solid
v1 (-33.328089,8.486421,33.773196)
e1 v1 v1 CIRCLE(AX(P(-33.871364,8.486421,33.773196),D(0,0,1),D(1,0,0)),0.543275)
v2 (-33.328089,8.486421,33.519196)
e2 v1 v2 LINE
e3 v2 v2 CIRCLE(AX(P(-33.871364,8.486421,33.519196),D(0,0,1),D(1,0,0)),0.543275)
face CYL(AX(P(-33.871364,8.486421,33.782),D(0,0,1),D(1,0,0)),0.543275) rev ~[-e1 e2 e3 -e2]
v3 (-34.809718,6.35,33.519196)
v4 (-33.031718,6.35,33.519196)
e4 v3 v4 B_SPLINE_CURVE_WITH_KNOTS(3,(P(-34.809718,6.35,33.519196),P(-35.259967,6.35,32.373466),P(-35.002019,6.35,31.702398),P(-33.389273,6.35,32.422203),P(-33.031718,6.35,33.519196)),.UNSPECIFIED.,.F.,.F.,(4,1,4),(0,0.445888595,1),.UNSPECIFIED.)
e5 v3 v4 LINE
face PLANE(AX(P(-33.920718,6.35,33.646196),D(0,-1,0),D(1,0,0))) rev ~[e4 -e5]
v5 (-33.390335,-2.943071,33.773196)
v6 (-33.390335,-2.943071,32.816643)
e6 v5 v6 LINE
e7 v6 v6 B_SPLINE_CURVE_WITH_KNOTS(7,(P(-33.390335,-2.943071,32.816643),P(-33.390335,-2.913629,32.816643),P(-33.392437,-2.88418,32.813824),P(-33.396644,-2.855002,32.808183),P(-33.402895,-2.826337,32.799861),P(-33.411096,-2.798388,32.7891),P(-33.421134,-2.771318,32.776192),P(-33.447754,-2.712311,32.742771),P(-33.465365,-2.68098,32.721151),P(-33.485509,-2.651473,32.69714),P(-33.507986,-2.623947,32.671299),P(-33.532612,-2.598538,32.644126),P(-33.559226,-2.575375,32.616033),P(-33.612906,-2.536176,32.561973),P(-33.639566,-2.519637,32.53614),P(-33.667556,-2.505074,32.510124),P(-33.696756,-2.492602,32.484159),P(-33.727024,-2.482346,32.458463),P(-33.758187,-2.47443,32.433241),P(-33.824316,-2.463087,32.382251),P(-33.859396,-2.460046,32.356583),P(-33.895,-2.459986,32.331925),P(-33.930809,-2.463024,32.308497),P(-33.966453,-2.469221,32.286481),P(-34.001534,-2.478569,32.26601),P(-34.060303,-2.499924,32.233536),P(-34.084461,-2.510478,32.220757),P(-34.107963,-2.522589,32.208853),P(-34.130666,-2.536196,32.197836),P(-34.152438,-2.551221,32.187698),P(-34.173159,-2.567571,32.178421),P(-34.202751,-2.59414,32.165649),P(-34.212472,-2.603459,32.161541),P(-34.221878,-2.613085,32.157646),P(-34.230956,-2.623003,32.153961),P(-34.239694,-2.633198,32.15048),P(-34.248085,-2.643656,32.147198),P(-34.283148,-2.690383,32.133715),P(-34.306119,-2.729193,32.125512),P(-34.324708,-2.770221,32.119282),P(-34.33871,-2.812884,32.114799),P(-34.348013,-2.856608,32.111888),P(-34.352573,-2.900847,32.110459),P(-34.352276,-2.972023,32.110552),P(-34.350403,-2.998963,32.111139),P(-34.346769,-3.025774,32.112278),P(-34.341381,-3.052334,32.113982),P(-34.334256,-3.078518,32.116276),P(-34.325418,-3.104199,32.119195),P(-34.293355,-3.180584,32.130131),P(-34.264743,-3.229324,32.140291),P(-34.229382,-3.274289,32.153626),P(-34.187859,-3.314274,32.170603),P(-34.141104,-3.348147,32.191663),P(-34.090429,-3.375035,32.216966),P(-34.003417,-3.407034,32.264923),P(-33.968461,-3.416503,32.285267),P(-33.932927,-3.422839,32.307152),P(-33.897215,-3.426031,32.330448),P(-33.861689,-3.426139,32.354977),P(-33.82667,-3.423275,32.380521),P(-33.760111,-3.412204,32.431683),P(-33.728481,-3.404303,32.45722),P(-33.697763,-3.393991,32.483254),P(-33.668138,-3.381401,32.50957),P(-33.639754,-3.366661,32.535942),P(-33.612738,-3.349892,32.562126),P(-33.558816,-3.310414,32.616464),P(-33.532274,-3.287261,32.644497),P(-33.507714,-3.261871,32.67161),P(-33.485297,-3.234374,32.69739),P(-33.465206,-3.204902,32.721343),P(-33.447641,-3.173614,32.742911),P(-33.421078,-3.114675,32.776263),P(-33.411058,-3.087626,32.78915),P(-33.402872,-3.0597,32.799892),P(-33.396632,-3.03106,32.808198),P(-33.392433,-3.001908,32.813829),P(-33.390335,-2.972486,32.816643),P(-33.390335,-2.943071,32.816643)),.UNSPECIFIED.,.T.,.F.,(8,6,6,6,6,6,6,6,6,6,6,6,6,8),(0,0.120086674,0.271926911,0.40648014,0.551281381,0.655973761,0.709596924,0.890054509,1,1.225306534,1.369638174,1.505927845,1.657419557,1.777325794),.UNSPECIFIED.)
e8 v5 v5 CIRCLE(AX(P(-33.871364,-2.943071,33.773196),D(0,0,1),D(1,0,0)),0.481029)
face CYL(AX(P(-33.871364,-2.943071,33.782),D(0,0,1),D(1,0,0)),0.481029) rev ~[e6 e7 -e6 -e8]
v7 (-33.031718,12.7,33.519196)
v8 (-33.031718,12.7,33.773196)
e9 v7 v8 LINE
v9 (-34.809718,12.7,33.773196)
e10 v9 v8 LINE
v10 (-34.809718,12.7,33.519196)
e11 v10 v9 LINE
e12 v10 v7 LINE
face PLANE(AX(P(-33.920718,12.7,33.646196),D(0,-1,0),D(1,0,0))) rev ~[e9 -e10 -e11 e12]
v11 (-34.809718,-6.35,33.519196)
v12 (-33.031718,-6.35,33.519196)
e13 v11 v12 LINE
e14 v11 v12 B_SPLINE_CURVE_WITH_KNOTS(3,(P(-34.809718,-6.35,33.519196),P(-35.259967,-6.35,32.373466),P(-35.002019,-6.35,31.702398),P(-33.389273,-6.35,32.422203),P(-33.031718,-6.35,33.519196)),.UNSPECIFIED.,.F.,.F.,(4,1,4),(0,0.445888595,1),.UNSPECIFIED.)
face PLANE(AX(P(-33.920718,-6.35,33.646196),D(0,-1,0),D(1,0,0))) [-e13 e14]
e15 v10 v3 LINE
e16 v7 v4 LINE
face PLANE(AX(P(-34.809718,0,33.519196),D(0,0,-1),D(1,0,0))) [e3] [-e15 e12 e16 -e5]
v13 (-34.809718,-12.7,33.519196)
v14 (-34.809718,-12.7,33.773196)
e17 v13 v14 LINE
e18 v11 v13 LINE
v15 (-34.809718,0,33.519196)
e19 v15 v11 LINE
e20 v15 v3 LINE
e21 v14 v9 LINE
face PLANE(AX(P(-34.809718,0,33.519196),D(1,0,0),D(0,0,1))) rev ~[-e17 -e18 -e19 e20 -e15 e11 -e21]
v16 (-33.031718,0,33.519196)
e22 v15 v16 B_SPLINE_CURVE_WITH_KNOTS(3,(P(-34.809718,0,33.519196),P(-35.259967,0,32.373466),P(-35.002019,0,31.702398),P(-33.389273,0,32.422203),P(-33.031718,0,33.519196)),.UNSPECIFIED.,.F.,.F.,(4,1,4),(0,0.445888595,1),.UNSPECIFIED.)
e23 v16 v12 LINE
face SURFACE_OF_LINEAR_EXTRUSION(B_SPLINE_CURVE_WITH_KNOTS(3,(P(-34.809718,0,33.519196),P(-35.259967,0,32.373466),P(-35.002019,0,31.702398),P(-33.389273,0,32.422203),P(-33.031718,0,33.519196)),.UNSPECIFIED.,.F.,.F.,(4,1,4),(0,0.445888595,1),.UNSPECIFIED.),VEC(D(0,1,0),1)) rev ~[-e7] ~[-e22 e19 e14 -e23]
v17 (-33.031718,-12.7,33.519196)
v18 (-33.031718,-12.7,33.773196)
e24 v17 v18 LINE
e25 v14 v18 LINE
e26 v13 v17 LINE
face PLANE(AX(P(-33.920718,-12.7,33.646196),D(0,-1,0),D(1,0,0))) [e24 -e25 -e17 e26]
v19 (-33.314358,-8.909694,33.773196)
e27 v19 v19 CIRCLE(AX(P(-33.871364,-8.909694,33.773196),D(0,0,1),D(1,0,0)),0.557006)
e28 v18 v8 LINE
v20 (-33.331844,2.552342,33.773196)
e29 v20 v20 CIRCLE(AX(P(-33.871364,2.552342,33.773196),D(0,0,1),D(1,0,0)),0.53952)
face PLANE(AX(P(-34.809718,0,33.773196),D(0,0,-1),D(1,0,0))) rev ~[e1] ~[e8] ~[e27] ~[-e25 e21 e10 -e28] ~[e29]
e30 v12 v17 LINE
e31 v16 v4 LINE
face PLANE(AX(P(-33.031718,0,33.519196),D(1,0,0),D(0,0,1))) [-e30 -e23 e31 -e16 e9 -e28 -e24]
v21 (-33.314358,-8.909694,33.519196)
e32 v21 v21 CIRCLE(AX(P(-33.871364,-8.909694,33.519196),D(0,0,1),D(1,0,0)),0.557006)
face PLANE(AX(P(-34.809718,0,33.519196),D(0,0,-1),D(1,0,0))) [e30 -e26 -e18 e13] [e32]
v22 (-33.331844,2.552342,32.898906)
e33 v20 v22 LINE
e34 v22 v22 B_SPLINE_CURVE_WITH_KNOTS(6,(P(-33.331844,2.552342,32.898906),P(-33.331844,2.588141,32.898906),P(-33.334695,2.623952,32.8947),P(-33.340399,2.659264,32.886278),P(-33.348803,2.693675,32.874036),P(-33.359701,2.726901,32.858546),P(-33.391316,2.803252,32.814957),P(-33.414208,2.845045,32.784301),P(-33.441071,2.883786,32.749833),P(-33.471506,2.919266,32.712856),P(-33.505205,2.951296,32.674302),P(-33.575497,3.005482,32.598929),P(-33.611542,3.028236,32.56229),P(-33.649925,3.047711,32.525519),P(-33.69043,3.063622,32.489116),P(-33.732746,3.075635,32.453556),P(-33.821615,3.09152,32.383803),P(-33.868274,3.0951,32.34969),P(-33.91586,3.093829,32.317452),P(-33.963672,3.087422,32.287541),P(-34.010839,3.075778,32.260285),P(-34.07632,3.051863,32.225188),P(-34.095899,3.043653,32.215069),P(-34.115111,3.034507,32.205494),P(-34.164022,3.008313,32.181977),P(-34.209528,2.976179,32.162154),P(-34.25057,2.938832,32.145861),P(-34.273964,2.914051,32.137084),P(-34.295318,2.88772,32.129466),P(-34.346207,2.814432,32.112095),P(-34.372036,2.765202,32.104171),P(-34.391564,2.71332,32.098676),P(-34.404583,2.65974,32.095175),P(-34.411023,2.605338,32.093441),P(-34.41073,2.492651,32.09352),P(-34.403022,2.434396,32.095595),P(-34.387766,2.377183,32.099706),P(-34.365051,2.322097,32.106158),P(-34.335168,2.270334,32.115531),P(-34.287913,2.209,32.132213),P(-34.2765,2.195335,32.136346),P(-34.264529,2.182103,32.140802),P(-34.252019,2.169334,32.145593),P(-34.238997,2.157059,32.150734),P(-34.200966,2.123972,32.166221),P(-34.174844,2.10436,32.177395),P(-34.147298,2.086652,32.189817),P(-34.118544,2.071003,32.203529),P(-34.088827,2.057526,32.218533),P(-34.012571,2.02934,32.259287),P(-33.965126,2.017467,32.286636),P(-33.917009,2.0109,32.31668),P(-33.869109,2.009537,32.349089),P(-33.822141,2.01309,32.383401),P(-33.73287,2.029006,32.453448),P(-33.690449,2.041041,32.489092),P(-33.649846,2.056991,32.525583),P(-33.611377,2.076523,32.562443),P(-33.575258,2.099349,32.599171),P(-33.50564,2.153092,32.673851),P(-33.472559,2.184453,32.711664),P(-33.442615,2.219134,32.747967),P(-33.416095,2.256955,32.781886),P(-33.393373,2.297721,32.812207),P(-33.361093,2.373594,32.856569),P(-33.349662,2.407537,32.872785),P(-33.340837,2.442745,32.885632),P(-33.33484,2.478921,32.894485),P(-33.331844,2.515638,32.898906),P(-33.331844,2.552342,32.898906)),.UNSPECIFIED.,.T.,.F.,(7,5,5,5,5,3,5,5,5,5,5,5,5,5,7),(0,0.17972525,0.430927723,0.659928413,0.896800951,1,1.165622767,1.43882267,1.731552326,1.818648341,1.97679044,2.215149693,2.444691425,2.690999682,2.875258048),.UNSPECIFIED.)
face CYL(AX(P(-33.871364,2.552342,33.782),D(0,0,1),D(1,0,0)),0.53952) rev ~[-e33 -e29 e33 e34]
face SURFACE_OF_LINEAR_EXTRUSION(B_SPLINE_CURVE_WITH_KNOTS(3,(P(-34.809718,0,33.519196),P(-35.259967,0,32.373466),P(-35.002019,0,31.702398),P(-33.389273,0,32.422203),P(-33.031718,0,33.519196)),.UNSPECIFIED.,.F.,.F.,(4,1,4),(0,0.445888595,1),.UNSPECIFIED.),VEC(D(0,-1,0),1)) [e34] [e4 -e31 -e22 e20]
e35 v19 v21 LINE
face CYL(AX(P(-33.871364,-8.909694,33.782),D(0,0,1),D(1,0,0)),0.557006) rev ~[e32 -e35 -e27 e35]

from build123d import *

# Parameters (mm, degrees)
F0_W     = 1.778
F0_H     = 0.254
F1_DEPTH = 6.35
F4_DEPTH = 12.7
F3_R     = 0.5395198469
F3_R_2   = 0.4810291572
F5_DEPTH = 12.7
F3_R_3   = 0.5570057599
F3_R_4   = 0.5432747466
F6_DEPTH = 12.7


with BuildPart() as f1:
    # F0 (on Front) → F1 (new body, symmetric)
    with BuildSketch(Plane.XZ):
        with Locations((-33.9207183995, 33.6461963858)):
            Rectangle(F0_W, F0_H)
        with BuildLine():
            Line((-33.0317183995, 33.5191963858), (-34.8097183995, 33.5191963858))
            add(Edge.make_bspline(
                [(-34.8097183995, 33.5191963858), (-35.2599674323, 32.3734659161), (-35.0020188336, 31.7023984615), (-33.3892727457, 32.4222034758), (-33.0317183995, 33.5191963858)],
                knots=[0, 0, 0, 0, 0.4458885949, 1, 1, 1, 1], degree=3))
        make_face()
    extrude(amount=F1_DEPTH, both=True)

    # F0 (on Front) → F4 (join, symmetric)
    with BuildSketch(Plane.XZ):
        with Locations((-33.9207183995, 33.6461963858)):
            Rectangle(F0_W, F0_H)
    extrude(amount=F4_DEPTH, both=True)

    # F3 (on offset) → F5 (cut)
    with BuildSketch(Plane.XY.offset(33.782)):
        with Locations((-33.8713638484, 2.5523416698)):
            Circle(F3_R)
        with Locations((-33.8713638484, -2.9430710711)):
            Circle(F3_R_2)
    extrude(amount=-F5_DEPTH, mode=Mode.SUBTRACT)

    # F3 (on offset) → F6 (cut)
    with BuildSketch(Plane.XY.offset(33.782)):
        with Locations((-33.8713638484, -8.9096939191)):
            Circle(F3_R_3)
        with Locations((-33.8713638484, 8.4864208475)):
            Circle(F3_R_4)
    extrude(amount=-F6_DEPTH, mode=Mode.SUBTRACT)


solid = f1.part
